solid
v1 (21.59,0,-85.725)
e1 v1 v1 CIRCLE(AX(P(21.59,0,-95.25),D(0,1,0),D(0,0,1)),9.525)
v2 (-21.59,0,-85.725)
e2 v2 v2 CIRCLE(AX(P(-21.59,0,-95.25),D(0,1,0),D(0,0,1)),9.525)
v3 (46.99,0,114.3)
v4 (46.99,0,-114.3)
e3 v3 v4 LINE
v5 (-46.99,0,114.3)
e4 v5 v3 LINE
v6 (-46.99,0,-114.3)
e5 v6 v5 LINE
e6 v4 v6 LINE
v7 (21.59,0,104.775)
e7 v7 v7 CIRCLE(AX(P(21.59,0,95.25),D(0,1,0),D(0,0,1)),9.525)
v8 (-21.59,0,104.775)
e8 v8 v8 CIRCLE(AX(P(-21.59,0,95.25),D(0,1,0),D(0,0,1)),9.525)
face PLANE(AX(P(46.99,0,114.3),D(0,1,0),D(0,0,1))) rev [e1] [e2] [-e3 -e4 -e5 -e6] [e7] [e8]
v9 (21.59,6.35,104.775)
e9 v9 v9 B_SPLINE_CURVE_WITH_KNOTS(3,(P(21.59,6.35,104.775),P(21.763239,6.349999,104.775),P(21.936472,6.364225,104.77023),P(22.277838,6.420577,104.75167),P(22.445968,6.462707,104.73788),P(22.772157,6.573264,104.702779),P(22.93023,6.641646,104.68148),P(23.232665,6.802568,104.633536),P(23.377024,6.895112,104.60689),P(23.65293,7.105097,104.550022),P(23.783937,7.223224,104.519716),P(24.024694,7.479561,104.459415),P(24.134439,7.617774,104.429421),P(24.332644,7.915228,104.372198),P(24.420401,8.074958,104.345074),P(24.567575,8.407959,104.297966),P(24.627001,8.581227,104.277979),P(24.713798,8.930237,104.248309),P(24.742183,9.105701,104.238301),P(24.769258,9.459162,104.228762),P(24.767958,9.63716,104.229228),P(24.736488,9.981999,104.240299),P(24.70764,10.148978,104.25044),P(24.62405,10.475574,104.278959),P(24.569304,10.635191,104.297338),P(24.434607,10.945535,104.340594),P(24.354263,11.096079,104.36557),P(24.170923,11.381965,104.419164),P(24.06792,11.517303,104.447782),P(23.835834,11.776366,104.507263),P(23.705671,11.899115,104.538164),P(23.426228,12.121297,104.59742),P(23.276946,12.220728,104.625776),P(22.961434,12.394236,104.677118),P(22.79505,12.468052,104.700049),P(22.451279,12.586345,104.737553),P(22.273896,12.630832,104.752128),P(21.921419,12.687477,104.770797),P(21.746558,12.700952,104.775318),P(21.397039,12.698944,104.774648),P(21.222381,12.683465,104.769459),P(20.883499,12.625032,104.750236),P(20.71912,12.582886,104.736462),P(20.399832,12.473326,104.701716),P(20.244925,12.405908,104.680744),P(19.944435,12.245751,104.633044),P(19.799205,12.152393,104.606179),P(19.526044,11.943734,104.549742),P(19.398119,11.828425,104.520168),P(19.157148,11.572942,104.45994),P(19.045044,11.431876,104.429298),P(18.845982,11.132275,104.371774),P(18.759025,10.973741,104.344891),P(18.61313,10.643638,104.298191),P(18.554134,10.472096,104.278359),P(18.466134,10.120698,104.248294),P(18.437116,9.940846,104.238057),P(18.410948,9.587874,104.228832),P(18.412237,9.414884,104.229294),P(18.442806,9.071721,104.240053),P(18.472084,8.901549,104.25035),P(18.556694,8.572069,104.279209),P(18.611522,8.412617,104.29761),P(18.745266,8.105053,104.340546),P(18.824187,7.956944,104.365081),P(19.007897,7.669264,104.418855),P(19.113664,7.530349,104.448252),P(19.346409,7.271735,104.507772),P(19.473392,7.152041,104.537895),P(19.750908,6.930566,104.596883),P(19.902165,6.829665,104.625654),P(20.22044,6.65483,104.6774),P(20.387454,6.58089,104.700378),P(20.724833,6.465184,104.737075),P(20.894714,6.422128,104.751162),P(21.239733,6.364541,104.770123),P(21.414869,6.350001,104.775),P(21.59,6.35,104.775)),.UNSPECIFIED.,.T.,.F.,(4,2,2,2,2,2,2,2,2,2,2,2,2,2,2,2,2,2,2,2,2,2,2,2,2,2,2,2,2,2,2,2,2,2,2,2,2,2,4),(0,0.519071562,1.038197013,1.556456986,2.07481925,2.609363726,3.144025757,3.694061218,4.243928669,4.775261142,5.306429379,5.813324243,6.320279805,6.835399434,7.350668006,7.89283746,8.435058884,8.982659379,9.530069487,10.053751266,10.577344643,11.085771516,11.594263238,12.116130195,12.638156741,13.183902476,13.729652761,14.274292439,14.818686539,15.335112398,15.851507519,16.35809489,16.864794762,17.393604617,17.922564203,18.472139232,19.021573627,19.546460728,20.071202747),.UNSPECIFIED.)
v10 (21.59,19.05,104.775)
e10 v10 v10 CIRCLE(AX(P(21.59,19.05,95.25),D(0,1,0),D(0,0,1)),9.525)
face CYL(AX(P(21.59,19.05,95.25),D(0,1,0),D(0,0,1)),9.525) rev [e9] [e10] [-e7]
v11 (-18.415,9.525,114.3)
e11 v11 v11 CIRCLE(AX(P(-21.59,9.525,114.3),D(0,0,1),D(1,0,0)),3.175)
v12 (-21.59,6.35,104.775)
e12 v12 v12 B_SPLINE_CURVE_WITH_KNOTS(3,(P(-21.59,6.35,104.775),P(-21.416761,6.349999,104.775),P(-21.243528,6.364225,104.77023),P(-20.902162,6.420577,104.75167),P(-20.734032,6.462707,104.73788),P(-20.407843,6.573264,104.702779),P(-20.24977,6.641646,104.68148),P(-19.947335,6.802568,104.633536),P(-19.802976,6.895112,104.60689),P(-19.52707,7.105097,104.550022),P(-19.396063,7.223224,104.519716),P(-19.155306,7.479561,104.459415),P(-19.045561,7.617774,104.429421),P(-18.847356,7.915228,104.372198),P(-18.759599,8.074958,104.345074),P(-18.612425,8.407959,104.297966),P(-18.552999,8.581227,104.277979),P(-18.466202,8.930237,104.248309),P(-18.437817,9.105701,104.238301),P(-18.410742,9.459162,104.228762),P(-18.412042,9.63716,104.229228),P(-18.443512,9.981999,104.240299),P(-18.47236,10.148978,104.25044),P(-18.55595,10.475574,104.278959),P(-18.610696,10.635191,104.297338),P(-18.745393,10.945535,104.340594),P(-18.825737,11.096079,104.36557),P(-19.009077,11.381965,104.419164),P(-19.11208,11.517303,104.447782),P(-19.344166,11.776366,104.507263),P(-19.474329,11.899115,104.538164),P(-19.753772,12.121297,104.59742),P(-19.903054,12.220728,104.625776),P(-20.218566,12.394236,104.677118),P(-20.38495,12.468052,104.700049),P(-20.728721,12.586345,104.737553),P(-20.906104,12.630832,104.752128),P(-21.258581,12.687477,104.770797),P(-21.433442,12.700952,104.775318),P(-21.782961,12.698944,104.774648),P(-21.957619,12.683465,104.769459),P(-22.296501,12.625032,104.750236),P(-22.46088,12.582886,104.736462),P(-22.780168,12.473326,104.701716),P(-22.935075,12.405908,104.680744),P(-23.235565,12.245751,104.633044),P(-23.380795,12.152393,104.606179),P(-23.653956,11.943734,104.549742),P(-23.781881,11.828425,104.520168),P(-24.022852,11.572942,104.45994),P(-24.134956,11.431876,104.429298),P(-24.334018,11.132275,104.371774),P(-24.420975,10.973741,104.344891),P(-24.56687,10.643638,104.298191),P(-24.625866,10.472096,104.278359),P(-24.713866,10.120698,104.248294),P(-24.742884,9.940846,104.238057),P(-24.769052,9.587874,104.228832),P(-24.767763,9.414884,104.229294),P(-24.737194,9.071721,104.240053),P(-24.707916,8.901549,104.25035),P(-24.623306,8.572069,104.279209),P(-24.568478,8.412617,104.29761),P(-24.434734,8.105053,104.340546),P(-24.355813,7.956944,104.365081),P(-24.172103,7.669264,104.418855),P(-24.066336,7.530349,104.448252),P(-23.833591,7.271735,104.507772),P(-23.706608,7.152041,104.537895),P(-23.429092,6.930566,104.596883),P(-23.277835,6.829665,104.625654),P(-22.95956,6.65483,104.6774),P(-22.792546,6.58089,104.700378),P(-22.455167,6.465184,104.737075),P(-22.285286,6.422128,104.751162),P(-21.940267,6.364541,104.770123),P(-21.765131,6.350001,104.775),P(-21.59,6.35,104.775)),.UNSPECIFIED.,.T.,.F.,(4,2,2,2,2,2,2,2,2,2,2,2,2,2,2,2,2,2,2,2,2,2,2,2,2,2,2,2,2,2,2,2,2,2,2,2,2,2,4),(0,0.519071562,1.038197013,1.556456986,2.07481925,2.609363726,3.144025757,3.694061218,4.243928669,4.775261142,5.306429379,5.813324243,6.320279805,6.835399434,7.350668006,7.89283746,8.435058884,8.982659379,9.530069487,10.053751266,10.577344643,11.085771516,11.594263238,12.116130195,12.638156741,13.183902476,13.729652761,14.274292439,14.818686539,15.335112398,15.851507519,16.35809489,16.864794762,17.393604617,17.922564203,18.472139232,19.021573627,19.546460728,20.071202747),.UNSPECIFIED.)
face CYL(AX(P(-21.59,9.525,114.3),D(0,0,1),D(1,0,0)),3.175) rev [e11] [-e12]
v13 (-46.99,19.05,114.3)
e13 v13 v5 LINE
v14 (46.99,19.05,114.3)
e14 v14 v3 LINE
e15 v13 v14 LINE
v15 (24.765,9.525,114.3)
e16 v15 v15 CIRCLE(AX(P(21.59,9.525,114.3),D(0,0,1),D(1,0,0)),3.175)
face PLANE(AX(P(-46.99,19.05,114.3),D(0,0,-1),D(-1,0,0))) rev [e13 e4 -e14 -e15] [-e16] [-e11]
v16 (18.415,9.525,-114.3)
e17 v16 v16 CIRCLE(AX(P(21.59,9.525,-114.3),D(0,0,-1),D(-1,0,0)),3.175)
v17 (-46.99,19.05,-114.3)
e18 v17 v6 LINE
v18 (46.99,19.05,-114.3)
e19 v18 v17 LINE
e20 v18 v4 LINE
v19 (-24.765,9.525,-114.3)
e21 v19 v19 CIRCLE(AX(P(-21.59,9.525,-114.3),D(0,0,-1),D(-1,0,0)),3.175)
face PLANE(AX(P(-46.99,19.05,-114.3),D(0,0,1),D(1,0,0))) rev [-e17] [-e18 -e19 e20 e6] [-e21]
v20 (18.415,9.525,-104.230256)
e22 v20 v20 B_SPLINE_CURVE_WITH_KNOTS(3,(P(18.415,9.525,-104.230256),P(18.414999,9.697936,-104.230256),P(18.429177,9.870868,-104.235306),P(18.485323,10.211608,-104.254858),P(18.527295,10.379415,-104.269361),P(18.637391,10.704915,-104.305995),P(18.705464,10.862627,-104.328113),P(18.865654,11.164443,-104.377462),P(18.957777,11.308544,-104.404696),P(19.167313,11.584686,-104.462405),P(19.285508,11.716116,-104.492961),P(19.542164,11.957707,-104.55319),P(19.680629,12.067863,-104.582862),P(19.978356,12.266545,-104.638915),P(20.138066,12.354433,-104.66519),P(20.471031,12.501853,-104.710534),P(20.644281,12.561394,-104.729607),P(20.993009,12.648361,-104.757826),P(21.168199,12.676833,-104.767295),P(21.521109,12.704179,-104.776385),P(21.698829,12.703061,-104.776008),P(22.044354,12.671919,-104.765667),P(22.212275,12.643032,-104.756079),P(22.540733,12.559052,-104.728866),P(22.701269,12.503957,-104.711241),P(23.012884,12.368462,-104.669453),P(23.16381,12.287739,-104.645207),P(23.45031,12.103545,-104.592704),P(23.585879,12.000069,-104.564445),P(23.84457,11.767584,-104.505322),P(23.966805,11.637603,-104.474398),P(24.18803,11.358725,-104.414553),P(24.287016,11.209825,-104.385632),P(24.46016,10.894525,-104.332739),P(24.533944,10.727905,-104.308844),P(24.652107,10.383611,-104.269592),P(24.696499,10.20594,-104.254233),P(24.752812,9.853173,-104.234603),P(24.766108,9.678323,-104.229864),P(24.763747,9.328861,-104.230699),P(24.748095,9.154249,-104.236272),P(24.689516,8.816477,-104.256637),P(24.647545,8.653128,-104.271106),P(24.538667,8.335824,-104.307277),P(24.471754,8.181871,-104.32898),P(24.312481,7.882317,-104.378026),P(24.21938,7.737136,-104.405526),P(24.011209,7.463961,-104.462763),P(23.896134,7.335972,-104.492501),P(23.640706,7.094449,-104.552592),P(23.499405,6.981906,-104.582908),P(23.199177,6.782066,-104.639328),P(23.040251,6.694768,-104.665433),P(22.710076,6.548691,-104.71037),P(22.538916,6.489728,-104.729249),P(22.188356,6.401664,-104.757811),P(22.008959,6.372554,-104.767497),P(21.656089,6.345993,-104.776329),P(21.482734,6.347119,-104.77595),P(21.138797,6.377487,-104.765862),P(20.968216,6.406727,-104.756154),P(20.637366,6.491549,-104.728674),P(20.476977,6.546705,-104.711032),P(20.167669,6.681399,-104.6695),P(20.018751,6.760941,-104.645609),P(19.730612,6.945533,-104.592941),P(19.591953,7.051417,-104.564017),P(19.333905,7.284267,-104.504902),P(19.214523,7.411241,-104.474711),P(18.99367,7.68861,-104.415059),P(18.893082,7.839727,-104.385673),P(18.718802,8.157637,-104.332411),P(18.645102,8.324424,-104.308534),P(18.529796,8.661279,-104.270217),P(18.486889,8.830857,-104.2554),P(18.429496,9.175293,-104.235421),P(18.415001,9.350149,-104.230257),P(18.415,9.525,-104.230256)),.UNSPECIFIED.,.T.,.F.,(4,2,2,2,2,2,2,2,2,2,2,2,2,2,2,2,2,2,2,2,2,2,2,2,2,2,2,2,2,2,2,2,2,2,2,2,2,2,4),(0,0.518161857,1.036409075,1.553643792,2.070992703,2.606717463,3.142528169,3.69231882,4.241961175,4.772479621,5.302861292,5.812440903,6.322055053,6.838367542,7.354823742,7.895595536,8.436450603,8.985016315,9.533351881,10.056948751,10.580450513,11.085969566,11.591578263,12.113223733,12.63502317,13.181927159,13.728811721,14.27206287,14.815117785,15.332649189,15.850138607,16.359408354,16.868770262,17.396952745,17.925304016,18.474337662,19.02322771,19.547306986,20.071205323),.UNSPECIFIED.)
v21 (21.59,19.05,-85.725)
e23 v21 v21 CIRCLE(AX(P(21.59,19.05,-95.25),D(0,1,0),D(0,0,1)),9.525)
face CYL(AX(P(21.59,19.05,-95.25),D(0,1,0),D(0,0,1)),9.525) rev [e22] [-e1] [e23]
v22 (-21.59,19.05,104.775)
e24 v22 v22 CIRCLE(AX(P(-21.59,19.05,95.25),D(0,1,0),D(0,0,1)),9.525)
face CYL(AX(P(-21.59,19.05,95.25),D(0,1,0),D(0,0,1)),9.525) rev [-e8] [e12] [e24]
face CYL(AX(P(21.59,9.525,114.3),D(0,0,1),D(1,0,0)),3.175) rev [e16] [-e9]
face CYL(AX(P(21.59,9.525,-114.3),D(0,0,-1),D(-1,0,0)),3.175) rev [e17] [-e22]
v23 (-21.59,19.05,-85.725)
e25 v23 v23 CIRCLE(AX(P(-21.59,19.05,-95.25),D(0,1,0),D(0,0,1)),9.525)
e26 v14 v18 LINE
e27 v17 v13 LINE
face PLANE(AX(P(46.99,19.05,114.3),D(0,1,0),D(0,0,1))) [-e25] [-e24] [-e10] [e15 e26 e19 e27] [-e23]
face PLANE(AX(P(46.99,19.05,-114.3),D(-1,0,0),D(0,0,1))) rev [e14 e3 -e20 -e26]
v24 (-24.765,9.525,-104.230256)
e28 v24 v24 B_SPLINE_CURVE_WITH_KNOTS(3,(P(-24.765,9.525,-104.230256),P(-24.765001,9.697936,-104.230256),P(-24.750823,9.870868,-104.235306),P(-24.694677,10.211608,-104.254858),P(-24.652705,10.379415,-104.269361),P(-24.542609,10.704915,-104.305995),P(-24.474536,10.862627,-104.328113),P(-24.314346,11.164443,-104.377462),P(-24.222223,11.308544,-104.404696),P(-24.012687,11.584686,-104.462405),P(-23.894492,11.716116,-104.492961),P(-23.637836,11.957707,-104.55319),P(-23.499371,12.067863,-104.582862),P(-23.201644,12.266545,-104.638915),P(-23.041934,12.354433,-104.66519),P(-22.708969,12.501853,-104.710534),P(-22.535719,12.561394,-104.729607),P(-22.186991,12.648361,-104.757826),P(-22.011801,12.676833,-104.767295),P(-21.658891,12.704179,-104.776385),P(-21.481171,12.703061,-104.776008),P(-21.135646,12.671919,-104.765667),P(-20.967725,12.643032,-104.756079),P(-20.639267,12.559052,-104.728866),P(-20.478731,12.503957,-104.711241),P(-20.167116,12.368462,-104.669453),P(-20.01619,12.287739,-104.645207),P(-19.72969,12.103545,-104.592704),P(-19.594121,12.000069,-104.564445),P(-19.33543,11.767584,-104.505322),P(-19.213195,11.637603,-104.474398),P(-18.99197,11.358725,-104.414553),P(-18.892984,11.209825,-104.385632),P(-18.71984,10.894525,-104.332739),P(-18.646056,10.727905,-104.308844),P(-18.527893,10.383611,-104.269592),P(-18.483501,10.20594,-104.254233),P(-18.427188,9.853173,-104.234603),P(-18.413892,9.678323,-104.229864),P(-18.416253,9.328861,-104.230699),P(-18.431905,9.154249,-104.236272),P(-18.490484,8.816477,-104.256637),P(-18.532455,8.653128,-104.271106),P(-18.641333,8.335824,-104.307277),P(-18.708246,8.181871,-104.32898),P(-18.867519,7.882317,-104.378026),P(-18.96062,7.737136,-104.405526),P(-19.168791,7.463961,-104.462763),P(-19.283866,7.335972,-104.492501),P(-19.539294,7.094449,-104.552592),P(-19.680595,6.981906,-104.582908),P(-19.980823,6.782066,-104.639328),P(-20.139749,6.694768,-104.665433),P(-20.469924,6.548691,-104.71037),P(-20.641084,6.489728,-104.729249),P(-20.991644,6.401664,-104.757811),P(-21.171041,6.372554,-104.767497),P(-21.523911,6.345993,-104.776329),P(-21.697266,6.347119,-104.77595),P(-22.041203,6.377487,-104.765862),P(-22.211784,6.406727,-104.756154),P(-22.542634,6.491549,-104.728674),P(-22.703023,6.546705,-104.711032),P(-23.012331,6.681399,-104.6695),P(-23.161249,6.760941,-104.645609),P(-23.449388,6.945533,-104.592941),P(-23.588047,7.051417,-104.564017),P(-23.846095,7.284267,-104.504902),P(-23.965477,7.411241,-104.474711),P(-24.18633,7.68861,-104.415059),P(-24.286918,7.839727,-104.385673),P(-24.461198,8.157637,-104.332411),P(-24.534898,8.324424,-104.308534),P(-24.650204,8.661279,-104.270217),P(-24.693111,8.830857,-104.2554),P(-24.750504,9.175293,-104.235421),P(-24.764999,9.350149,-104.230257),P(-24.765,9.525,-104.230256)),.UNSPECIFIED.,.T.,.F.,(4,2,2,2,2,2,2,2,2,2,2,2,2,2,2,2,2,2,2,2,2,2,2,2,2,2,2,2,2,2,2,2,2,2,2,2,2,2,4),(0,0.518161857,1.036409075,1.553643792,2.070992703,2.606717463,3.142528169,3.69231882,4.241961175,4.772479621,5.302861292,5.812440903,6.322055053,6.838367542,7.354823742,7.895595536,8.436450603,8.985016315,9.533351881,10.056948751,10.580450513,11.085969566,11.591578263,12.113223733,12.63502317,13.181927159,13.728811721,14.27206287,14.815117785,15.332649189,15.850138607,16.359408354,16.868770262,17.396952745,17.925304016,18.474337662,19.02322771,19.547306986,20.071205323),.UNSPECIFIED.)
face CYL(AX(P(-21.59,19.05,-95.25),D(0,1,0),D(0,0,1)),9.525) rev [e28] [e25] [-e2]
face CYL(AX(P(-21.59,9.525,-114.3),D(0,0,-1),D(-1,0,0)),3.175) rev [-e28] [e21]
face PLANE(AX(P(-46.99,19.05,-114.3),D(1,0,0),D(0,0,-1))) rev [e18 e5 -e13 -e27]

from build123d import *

# Parameters (mm, degrees)
SKETCH1_W           = 93.98
SKETCH1_H           = 228.6
BOSS_EXTRUDE1_DEPTH = 19.05


with BuildPart() as part:
    # Sketch1 → Boss-Extrude1 (new body)
    with BuildSketch(Plane(origin=(0, 0, 0), x_dir=(1, 0, 0), z_dir=(0, 1, 0))):
        Rectangle(SKETCH1_W, SKETCH1_H)
    extrude(amount=BOSS_EXTRUDE1_DEPTH)

    # Sketch2 → 3/4 (0.75) Diameter Hole1 (revolve, cut)
    with BuildSketch(Plane(origin=(-21.59, 19.05, -95.25), x_dir=(0, 0, 1), z_dir=(1, 0, 0))):
        Polygon((0, 0), (0, 24.773197396), (9.525, 19.05), (9.525, 0), align=None)
    f_3_4_0_75_diameter_hole1 = revolve(axis=Axis((-21.59, 25.4, -95.25), (0, -1, 0)), mode=Mode.SUBTRACT)

    # Mirror1: 3/4 (0.75) Diameter Hole1 across plane
    add(f_3_4_0_75_diameter_hole1.mirror(Plane.XY), mode=Mode.SUBTRACT)

    # Mirror4: 3/4 (0.75) Diameter Hole1 across plane
    add(f_3_4_0_75_diameter_hole1.mirror(Plane(origin=(0, 0, 0), x_dir=(0, 0, 1), z_dir=(1, 0, 0))), mode=Mode.SUBTRACT)

    # Mirror4 copy 1 sketch → Mirror4 copy 1 (revolve, cut)
    with BuildSketch(Plane(origin=(21.59, 19.05, 95.25), x_dir=(0, 0, -1), z_dir=(-1, 0, 0))):
        Polygon((0, 0), (0, 24.773197396), (9.525, 19.05), (9.525, 0), align=None)
    revolve(axis=Axis((21.59, 25.4, 95.25), (0, -1, 0)), mode=Mode.SUBTRACT)

    # Sketch4 → 1/4 (0.25) Diameter Hole1 (revolve, cut)
    with BuildSketch(Plane(origin=(21.59, 9.525, -114.3), x_dir=(0, 1, 0), z_dir=(1, 0, 0))):
        Polygon((0, 0), (0, 20.957732465), (3.175, 19.05), (3.175, 0), align=None)
    f_1_4_0_25_diameter_hole1 = revolve(axis=Axis((21.59, 9.525, -120.65), (0, 0, 1)), mode=Mode.SUBTRACT)

    # Mirror5: 1/4 (0.25) Diameter Hole1 across plane
    add(f_1_4_0_25_diameter_hole1.mirror(Plane.XY), mode=Mode.SUBTRACT)

    # Mirror10: 1/4 (0.25) Diameter Hole1 across plane
    add(f_1_4_0_25_diameter_hole1.mirror(Plane(origin=(0, 0, 0), x_dir=(0, 0, 1), z_dir=(1, 0, 0))), mode=Mode.SUBTRACT)

    # Mirror10 copy 1 sketch → Mirror10 copy 1 (revolve, cut)
    with BuildSketch(Plane(origin=(-21.59, 9.525, 114.3), x_dir=(0, 1, 0), z_dir=(-1, 0, 0))):
        Polygon((0, 0), (0, 20.957732465), (3.175, 19.05), (3.175, 0), align=None)
    revolve(axis=Axis((-21.59, 9.525, 120.65), (0, 0, -1)), mode=Mode.SUBTRACT)


solid = part.part
